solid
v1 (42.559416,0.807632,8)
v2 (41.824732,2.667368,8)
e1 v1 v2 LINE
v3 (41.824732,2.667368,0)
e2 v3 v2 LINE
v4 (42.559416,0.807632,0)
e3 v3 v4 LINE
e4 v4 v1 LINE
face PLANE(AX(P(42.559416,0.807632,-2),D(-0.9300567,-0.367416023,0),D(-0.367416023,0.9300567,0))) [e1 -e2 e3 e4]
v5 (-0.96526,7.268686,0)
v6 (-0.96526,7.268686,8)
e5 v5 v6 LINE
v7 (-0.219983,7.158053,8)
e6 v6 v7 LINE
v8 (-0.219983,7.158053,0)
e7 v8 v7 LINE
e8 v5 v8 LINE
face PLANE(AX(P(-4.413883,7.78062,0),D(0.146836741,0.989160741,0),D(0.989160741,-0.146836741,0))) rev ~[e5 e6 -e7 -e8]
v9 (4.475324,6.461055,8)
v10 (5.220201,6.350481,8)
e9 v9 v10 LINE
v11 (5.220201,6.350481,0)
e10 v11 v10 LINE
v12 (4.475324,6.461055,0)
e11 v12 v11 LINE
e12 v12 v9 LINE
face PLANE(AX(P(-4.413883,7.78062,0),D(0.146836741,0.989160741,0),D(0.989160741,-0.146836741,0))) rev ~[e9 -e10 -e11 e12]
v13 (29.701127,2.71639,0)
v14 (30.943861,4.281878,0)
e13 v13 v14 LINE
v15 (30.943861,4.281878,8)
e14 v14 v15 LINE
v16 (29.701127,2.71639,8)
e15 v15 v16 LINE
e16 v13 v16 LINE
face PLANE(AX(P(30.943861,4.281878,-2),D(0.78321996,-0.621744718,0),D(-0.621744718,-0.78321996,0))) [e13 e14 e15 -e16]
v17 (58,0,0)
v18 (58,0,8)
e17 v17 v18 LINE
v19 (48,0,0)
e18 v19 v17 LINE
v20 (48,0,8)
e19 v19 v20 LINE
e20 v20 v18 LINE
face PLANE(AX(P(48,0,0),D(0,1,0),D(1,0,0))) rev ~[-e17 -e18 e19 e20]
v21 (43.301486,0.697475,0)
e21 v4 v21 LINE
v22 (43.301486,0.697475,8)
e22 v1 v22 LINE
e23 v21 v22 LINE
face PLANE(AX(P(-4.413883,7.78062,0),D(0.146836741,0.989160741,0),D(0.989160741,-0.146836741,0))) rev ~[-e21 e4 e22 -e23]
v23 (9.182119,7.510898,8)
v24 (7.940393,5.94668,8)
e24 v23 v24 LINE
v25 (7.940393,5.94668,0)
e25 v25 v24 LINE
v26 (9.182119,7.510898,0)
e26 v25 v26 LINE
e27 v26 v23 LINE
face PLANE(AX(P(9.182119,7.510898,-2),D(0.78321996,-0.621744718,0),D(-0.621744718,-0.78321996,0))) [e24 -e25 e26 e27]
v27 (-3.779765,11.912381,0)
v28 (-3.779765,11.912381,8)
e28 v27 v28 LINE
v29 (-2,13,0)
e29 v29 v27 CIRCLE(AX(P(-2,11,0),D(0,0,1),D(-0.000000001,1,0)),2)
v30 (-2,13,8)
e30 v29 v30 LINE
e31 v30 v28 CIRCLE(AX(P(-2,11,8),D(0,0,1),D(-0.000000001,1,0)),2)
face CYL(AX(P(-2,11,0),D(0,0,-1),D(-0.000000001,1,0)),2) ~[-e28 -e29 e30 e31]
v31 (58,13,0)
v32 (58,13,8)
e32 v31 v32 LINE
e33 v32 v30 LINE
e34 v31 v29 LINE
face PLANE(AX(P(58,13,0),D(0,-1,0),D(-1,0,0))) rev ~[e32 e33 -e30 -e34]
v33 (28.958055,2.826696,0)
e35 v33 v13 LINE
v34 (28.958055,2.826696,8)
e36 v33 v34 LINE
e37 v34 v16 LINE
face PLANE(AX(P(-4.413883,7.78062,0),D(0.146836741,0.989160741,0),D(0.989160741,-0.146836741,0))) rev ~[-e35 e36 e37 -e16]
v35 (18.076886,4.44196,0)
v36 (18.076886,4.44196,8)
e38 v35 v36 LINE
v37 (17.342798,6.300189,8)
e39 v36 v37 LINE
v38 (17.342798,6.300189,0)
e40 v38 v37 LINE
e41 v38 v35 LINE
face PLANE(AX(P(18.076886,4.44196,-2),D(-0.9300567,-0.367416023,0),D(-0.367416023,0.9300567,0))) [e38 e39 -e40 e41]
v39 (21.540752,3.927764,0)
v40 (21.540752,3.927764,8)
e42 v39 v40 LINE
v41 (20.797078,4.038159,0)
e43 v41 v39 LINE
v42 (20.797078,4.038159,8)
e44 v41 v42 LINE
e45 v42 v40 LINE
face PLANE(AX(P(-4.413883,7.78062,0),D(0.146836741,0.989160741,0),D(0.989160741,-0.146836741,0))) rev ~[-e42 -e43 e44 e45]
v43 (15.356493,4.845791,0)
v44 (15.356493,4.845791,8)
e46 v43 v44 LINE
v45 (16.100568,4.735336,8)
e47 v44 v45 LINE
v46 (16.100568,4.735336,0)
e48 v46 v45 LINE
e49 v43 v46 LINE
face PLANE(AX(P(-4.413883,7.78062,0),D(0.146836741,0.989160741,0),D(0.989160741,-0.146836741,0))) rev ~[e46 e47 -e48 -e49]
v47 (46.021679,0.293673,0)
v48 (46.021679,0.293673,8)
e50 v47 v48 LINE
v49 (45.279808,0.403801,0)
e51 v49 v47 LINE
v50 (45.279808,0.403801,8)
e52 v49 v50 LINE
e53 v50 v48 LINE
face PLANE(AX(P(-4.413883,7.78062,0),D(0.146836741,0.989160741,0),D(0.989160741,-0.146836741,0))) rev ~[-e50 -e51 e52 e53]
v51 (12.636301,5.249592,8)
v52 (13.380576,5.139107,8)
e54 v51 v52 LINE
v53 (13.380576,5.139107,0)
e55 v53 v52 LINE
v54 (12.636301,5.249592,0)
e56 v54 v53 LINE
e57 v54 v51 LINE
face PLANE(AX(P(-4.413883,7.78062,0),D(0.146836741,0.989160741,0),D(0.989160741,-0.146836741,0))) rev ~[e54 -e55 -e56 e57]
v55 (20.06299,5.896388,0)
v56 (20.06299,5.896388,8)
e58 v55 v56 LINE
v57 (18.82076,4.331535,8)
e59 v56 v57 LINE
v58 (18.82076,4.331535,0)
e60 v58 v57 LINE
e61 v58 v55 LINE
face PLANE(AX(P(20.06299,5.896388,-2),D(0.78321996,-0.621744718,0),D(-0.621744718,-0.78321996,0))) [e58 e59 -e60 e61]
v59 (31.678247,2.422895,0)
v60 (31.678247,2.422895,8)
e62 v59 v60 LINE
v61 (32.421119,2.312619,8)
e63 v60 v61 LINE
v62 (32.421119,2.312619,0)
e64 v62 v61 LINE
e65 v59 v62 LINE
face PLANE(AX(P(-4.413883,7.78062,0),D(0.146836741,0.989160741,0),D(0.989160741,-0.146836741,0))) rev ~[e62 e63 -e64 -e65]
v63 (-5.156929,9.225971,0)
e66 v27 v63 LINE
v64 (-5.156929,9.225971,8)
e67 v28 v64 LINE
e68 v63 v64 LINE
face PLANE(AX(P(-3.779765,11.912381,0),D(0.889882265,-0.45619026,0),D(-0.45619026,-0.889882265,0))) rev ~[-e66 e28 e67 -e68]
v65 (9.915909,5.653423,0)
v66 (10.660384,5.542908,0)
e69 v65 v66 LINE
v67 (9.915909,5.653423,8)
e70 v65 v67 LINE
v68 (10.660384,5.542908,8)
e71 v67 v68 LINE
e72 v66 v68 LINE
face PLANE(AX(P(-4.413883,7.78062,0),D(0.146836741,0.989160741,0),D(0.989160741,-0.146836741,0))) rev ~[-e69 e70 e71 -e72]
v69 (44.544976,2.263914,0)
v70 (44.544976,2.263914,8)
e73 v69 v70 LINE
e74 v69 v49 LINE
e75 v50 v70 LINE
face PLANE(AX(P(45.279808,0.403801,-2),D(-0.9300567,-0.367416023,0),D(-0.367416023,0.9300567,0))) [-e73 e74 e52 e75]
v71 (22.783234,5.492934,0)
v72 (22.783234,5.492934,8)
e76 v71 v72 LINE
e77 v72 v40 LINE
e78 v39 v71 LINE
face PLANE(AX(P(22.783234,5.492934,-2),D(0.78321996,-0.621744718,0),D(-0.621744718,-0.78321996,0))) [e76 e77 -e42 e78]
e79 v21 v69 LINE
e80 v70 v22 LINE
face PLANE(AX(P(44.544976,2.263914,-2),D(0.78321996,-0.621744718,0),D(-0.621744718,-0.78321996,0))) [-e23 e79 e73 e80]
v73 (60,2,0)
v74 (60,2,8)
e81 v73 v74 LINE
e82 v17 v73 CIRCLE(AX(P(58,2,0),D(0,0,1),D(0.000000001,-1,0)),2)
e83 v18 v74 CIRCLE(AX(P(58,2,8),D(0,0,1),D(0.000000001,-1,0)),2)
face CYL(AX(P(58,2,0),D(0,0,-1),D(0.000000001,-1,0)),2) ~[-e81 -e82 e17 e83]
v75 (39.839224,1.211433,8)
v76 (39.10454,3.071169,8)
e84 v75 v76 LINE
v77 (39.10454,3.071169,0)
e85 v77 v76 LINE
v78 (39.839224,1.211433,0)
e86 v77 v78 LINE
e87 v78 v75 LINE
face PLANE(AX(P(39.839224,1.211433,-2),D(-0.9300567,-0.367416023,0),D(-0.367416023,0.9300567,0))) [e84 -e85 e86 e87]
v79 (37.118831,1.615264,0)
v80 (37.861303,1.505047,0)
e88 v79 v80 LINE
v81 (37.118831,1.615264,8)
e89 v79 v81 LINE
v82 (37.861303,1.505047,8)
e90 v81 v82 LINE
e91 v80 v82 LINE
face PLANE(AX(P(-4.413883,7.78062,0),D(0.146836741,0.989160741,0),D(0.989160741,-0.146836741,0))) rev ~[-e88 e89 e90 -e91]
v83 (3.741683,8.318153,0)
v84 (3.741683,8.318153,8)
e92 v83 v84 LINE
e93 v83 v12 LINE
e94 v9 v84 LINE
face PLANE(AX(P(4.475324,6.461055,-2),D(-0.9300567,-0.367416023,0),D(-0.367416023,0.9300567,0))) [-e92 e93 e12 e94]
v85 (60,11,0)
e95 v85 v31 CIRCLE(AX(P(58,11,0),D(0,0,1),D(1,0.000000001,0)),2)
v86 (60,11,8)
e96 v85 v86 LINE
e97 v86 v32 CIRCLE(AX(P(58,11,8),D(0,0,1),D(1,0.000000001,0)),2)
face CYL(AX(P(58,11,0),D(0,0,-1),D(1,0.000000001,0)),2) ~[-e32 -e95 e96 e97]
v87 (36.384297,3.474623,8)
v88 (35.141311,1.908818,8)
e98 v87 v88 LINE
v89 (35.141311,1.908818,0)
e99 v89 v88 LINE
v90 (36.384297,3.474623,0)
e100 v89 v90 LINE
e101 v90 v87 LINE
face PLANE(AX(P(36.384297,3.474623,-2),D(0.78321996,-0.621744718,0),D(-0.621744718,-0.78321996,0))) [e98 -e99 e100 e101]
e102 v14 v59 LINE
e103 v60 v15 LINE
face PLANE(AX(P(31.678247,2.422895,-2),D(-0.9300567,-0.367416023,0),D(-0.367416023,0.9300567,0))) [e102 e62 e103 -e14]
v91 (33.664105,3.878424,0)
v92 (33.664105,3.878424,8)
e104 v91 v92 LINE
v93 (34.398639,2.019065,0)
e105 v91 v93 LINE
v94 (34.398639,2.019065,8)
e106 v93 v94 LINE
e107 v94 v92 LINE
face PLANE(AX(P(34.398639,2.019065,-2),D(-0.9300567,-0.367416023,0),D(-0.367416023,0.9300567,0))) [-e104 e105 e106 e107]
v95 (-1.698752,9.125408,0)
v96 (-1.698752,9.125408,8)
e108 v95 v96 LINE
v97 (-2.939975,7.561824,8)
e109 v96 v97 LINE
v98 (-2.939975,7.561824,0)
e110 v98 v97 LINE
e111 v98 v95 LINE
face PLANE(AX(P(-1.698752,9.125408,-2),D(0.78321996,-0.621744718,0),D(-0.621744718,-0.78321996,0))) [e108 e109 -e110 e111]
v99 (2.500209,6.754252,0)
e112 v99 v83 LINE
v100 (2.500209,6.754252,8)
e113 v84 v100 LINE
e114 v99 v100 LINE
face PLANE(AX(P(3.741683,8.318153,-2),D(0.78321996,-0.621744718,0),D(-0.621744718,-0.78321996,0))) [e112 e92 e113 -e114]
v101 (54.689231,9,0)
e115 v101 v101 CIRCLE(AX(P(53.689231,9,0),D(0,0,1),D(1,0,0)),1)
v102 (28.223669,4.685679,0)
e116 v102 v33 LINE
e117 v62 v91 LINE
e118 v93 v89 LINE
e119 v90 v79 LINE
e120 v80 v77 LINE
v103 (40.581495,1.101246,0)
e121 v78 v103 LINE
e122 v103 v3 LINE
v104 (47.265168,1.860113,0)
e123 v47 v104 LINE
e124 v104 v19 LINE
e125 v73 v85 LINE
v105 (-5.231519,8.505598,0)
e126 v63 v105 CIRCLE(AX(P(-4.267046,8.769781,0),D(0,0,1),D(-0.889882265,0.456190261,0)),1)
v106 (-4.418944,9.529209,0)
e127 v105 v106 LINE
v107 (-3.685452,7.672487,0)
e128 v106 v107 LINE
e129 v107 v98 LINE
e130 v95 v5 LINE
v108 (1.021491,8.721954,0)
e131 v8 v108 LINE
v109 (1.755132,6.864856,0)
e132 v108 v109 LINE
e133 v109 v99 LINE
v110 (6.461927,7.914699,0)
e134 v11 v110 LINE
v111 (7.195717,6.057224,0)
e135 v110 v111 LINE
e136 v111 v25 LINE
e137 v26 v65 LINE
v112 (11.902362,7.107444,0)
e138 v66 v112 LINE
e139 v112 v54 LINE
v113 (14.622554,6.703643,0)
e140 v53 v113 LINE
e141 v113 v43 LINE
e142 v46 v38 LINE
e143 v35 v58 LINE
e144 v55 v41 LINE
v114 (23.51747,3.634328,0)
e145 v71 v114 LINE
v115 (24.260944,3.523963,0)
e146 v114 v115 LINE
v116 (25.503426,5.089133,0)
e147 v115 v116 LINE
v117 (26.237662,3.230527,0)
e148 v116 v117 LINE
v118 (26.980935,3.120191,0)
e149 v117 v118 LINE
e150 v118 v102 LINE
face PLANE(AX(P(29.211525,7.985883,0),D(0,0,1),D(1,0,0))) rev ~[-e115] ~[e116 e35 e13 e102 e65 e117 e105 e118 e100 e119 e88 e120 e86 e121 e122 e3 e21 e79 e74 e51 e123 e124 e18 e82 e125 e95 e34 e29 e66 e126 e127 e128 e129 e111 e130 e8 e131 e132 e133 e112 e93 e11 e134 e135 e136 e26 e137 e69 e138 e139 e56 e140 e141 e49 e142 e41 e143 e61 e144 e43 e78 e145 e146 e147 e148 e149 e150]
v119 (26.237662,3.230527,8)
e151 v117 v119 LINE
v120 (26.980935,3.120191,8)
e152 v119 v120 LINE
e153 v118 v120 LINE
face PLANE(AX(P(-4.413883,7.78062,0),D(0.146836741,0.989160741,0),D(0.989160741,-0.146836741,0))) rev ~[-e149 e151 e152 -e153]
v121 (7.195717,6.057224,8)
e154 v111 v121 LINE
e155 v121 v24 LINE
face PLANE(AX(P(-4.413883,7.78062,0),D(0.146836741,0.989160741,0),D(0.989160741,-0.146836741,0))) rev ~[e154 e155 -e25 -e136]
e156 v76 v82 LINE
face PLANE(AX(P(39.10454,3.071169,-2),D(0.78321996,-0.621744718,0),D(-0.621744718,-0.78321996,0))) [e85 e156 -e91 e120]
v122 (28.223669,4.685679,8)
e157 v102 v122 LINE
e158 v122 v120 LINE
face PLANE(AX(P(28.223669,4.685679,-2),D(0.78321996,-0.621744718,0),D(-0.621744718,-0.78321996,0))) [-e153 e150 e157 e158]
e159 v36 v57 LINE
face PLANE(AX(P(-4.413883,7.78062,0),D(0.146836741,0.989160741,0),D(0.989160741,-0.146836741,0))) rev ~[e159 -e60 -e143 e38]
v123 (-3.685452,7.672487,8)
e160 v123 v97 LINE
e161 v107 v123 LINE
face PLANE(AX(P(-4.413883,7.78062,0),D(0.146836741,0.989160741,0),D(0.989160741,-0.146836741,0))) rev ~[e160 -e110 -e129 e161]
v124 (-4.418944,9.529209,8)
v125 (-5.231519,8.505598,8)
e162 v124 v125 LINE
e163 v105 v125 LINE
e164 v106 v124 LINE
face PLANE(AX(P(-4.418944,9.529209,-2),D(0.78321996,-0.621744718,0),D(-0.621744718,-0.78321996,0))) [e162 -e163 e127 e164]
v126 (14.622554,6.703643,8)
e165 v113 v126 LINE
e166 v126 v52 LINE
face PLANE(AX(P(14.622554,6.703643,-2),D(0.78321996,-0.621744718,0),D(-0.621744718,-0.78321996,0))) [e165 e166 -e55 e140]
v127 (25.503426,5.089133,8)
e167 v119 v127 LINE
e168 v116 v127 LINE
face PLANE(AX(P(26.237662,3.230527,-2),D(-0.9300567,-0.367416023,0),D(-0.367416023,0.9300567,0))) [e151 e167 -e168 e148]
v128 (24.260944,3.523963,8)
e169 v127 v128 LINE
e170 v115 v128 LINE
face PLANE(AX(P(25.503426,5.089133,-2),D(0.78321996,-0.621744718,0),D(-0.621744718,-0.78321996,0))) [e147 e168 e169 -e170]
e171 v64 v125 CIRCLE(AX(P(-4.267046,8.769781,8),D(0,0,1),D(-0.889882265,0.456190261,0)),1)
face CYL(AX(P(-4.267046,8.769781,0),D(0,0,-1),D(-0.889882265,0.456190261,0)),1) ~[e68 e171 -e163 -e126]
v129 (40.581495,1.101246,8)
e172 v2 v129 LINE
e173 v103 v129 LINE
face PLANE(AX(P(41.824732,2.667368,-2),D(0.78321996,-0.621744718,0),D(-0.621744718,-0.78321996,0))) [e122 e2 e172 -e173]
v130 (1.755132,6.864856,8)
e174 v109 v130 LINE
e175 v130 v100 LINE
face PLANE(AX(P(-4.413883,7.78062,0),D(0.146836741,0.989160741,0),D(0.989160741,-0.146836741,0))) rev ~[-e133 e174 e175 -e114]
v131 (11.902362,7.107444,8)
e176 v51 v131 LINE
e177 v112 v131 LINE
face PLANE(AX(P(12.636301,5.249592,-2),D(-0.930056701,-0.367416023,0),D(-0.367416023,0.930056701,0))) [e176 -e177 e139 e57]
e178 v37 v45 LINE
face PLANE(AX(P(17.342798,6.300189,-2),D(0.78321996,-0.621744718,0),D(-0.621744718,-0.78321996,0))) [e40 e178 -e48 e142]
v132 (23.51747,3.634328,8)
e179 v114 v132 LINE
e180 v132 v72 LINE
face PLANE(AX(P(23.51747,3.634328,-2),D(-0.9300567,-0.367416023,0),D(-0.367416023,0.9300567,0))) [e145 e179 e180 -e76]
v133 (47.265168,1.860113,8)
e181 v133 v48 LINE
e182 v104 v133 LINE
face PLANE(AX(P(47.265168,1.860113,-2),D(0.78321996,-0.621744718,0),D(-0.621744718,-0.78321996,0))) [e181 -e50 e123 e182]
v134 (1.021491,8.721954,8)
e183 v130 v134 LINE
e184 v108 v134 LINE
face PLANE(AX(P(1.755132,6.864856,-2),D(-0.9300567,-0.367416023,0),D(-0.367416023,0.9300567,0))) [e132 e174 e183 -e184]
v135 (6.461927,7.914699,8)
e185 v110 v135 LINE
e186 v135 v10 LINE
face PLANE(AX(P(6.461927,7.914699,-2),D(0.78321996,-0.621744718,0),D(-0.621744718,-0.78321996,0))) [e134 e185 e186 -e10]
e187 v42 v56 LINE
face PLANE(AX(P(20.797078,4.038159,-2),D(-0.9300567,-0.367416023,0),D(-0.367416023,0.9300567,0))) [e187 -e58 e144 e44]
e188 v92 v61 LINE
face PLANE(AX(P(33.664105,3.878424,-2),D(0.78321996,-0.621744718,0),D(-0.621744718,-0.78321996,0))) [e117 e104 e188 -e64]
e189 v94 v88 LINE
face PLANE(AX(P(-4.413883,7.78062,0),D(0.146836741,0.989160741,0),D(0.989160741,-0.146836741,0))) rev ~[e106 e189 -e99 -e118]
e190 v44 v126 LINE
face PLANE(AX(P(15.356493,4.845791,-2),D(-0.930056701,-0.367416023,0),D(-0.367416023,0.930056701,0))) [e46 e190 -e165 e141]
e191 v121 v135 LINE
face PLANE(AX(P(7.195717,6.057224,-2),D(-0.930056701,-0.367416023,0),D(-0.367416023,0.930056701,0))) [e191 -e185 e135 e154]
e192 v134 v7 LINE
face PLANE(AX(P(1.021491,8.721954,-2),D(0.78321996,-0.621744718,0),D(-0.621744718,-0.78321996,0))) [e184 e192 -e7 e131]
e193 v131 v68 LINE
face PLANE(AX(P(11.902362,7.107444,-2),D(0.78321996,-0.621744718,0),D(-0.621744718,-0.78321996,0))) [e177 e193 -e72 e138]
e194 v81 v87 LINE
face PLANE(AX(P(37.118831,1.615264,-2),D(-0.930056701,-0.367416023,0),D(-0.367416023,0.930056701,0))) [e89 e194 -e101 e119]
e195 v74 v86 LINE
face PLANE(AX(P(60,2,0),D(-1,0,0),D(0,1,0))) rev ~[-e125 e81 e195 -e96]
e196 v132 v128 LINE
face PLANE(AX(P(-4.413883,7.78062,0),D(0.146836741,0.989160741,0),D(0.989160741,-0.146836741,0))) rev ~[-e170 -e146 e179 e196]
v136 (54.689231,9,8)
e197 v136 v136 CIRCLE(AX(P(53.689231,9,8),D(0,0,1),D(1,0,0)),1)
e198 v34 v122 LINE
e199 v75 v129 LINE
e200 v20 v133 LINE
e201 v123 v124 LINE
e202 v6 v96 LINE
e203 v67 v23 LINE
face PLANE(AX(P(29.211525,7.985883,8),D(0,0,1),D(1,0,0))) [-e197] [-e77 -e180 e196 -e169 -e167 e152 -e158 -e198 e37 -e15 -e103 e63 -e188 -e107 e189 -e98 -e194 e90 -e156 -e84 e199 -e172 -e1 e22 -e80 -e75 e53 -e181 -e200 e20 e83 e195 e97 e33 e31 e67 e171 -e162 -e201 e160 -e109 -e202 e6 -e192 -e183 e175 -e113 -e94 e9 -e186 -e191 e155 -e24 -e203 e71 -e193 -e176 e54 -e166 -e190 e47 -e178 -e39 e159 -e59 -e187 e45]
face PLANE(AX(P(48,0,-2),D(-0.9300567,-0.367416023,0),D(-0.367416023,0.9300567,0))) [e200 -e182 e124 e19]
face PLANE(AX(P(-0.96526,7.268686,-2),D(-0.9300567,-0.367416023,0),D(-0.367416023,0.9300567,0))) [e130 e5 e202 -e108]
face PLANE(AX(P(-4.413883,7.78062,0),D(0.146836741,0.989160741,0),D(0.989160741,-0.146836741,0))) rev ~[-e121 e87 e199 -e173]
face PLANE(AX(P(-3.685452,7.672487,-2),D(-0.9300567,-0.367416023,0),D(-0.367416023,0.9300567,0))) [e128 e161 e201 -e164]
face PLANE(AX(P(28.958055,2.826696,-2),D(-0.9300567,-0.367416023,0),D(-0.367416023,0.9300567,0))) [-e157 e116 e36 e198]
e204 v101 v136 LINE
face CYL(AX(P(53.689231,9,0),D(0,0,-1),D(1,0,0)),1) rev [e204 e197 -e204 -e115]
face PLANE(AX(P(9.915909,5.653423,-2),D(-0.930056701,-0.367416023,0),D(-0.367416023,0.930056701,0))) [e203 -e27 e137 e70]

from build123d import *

# Parameters (mm, degrees)
SKETCH1_R           = 1
BOSS_EXTRUDE1_DEPTH = 8
CUT_EXTRUDE1_START  = -10
CUT_EXTRUDE1_DEPTH  = 10


with BuildPart() as part:
    # Sketch1 → Boss-Extrude1 (new body)
    with BuildSketch(Plane.XY):
        with BuildLine():
            Line((-4.413883096, 7.780619908), (48, 0))
            Line((48, 0), (58, 0))
            ThreePointArc((58, 0), (59.414213562, 0.585786438), (60, 2))
            Line((60, 2), (60, 11))
            ThreePointArc((60, 11), (59.414213562, 12.414213562), (58, 13))
            Line((58, 13), (-2, 13))
            ThreePointArc((-2, 13), (-3.042889965, 12.706569811), (-3.779764531, 11.912380521))
            Line((-3.779764531, 11.912380521), (-5.156928621, 9.22597091))
            ThreePointArc((-5.156928621, 9.22597091), (-5.156403682, 8.312567847), (-4.413883096, 7.780619908))
        make_face()
        with Locations((53.689231255, 9)):
            Circle(SKETCH1_R, mode=Mode.SUBTRACT)
    extrude(amount=BOSS_EXTRUDE1_DEPTH)

    # Sketch2 → Cut-Extrude1 (cut)
    with BuildSketch(Plane.XY.offset(8).offset(CUT_EXTRUDE1_START)):
        Polygon((-2.939974596, 7.561824407), (-0.965260048, 7.26868636), (-1.698752327, 9.125408347), align=None)
        with BuildLine():
            Line((-4.413883096, 7.780619908), (-3.685452086, 7.672487397))
            Line((-3.685452086, 7.672487397), (-4.418944365, 9.529209384))
            Line((-4.418944365, 9.529209384), (-5.231519115, 8.505598334))
            ThreePointArc((-5.231519115, 8.505598334), (-4.930484846, 8.021549823), (-4.413883096, 7.780619908))
        make_face()
        Polygon((-0.219982955, 7.158053119), (1.755132364, 6.864855579), (1.021491222, 8.72195439), align=None)
        Polygon((2.500209083, 6.754252082), (4.475324402, 6.461054542), (3.74168326, 8.318153353), align=None)
        Polygon((5.220200725, 6.350480793), (7.195716813, 6.057223761), (6.461926809, 7.914699396), align=None)
        Polygon((7.940392763, 5.946679757), (9.915908851, 5.653422725), (9.182118847, 7.510898359), align=None)
        Polygon((10.660384404, 5.542908468), (12.636301263, 5.249591943), (11.902362396, 7.107444402), align=None)
        Polygon((13.380576442, 5.139107432), (15.356493301, 4.845790907), (14.622554434, 6.703643365), align=None)
        Polygon((16.100568083, 4.735336143), (18.076885713, 4.441960126), (17.342797982, 6.300189408), align=None)
        Polygon((18.820760121, 4.331535107), (20.797077751, 4.038159089), (20.06299002, 5.896388371), align=None)
        Polygon((21.540751763, 3.927763818), (23.517470163, 3.634328308), (22.783233569, 5.492934414), align=None)
        Polygon((24.260943801, 3.523962782), (26.237662201, 3.230527271), (25.503425607, 5.089133377), align=None)
        Polygon((26.980935442, 3.120191493), (28.958054613, 2.82669649), (28.223669156, 4.68567942), align=None)
        Polygon((29.70112748, 2.716390456), (31.678246651, 2.422895453), (30.943861194, 4.281878383), align=None)
        Polygon((46.021678518, 0.293673481), (48, 0), (47.265167954, 1.860113401), align=None)
        Polygon((43.30148648, 0.697474518), (45.279807962, 0.403801037), (44.544975916, 2.263914437), align=None)
        Polygon((40.581494839, 1.101245806), (42.55941555, 0.807631818), (41.824732367, 2.667368395), align=None)
        Polygon((37.861302801, 1.505046843), (39.839223512, 1.211432854), (39.104540329, 3.071169432), align=None)
        Polygon((35.141311159, 1.908818131), (37.1188311, 1.615263636), (36.384296781, 3.474623389), align=None)
        Polygon((32.421119121, 2.312619168), (34.398639063, 2.019064672), (33.664104743, 3.878424426), align=None)
    extrude(amount=CUT_EXTRUDE1_DEPTH, mode=Mode.SUBTRACT)


solid = part.part
